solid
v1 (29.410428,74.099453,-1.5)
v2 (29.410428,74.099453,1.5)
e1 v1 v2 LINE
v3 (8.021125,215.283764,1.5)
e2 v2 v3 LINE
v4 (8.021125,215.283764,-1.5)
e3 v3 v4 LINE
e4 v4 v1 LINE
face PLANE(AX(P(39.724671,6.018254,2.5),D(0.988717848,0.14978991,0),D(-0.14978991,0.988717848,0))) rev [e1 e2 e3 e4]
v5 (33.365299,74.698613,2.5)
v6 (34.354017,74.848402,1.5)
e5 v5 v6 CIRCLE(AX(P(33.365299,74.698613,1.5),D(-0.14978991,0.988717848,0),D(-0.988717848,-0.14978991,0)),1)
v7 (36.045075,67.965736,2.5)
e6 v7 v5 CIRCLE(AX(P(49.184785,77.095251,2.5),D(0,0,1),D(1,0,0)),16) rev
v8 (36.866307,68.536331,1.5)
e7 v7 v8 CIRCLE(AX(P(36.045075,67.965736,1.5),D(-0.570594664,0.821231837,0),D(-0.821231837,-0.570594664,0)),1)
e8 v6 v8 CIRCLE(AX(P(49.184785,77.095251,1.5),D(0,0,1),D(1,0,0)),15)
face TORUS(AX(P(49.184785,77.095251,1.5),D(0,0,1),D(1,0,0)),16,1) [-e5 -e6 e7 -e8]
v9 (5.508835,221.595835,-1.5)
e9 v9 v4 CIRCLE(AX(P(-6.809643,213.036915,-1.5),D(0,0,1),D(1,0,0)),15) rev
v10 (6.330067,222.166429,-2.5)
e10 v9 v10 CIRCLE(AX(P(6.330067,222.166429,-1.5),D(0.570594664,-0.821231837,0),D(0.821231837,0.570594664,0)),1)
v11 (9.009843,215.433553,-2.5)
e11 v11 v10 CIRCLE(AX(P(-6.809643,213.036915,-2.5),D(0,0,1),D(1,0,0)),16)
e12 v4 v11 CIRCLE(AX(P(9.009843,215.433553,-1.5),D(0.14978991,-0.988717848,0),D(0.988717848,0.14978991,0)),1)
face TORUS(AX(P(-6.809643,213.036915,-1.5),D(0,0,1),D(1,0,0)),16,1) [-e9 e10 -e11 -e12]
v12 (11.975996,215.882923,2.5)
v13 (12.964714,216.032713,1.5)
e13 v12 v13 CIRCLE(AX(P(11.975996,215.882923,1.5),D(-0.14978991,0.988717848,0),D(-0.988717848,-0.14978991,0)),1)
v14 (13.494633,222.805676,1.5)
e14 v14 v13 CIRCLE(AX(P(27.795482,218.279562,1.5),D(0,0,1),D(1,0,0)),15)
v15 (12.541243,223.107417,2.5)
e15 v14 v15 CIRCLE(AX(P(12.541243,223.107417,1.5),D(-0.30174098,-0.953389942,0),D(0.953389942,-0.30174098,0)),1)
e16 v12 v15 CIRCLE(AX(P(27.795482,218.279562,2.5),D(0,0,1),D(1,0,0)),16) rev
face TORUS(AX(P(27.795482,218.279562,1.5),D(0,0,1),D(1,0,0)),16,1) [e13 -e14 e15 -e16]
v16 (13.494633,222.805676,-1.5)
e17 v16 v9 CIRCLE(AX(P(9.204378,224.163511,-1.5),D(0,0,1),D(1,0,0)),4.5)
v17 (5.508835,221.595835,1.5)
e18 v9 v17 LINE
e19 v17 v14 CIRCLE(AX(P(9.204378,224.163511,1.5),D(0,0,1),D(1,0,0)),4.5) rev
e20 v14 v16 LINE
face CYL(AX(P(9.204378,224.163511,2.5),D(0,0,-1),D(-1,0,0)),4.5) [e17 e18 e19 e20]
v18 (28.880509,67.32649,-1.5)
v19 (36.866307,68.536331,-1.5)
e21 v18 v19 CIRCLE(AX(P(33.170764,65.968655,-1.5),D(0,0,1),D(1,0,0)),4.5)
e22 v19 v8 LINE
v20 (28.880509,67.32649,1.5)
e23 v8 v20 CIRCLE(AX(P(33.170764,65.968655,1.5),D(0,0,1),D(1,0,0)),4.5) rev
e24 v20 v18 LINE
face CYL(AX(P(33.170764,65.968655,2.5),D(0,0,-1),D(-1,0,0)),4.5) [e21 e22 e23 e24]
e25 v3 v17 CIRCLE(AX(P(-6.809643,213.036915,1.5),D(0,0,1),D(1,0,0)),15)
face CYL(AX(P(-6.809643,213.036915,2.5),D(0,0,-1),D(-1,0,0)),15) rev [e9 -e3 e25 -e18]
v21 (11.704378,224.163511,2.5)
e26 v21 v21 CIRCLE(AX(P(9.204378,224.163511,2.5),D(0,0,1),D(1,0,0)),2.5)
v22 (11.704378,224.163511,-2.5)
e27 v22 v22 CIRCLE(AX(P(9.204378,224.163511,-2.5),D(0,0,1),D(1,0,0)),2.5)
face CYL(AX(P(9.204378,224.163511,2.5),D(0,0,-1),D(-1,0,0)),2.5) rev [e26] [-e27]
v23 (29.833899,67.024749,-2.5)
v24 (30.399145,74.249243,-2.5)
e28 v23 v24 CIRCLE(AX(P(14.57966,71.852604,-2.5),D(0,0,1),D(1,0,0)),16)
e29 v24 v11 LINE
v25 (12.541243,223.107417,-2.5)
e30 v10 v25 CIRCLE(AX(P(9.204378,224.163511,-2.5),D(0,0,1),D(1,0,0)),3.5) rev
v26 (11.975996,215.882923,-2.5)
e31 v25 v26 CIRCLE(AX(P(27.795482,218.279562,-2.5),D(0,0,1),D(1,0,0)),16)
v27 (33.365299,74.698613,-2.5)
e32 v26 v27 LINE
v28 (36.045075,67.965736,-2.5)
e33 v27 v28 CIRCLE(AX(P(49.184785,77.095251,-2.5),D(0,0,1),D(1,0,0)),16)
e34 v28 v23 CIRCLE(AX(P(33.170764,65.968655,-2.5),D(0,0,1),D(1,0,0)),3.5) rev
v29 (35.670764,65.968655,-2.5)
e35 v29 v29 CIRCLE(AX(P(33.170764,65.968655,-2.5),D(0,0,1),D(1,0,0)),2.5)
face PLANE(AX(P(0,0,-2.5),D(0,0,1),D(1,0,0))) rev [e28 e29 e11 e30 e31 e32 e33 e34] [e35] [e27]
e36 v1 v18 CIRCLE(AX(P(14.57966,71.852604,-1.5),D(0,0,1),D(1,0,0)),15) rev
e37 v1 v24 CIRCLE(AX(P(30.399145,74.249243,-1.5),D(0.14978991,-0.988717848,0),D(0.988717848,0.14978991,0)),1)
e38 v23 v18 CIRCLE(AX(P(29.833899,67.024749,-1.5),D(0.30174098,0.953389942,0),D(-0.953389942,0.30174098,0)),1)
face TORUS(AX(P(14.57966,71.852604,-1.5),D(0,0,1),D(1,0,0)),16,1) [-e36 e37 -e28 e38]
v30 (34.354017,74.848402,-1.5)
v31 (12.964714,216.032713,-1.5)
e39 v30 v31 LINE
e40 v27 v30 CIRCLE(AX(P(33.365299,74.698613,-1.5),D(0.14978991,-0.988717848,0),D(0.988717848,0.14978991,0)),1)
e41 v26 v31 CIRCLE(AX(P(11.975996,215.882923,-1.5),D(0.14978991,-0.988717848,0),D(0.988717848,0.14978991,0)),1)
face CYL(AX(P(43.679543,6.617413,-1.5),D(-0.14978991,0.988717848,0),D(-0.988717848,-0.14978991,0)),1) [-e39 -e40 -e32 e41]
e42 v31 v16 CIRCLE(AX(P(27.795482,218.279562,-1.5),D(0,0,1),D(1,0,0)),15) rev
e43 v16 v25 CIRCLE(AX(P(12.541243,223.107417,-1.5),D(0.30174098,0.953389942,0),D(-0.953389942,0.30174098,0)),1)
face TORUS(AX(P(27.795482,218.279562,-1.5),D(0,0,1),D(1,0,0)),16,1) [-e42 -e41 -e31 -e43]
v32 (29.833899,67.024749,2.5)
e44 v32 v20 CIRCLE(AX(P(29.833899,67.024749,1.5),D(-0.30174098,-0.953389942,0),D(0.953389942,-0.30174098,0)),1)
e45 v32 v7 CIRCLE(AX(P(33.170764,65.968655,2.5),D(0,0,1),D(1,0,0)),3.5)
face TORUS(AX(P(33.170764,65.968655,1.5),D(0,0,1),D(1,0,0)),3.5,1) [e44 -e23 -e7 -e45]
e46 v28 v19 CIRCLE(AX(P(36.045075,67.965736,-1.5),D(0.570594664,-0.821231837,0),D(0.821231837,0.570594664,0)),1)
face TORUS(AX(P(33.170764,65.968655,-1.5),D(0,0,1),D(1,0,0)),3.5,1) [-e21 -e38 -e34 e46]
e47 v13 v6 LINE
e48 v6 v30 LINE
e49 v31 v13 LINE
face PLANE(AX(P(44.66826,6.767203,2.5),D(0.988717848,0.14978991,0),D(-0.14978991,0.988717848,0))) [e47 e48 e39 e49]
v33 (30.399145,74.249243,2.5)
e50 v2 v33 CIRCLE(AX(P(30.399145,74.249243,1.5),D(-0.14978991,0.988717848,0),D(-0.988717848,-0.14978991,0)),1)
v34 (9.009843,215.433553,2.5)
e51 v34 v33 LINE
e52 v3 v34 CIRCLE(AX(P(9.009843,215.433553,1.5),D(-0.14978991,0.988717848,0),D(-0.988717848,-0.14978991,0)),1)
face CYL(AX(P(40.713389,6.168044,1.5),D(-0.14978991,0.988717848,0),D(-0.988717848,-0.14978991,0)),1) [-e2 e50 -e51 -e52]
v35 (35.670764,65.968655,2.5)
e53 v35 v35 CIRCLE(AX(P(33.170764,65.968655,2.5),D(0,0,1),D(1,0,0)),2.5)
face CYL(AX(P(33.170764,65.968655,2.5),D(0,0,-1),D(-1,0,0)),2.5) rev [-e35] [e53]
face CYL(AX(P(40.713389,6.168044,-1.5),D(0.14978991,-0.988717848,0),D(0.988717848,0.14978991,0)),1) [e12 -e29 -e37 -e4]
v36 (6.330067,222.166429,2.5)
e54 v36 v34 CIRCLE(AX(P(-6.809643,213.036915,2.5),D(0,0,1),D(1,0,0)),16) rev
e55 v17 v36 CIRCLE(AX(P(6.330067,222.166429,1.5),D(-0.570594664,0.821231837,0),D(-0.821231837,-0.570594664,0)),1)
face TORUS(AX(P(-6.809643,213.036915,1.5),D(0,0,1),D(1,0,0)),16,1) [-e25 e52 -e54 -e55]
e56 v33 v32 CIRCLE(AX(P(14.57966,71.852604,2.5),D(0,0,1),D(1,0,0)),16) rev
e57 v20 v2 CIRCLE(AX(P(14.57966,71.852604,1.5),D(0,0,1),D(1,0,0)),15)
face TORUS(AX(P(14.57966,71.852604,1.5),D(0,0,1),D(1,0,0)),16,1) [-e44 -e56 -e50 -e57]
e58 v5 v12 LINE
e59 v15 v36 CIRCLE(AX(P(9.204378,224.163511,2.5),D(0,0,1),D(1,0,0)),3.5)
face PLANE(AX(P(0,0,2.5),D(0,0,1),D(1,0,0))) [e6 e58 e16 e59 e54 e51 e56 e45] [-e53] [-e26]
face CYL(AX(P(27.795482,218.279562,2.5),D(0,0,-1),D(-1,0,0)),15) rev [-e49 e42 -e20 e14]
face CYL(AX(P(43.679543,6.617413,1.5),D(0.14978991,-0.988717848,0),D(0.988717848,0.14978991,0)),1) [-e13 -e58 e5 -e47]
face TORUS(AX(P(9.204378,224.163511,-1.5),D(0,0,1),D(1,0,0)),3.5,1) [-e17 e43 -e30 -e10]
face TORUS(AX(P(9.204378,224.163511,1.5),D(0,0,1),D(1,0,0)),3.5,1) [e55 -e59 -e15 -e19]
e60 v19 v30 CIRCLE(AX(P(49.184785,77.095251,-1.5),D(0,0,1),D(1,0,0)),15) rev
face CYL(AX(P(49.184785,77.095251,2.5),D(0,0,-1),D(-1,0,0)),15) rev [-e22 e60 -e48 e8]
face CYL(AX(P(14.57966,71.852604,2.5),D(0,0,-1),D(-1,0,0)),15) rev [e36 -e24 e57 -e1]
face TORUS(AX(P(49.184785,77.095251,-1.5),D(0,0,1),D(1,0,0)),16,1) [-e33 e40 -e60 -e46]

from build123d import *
from build123d.topology import SkipClean

# Parameters (mm, degrees)
BOSS_EXTRUDE2_DEPTH = 2.5
FILLET4_R           = 15
FILLET3_R           = 1


with BuildPart() as part:
    # Sketch3 → Boss-Extrude2 (new, symmetric)
    with SkipClean():  # the faces are left unmerged after this step: merging them gives an invalid solid
        with BuildSketch(Plane.XY):
            with BuildLine():
                ThreePointArc((30.698969170125505, 65.59418036163315), (31.158147399926214, 67.45168422123758), (32.79628901519803, 68.44044975637873))
                Line((32.79628901519794, 68.44044975637871), (9.57885297533118, 221.6917161907371))
                ThreePointArc((9.578852975331099, 221.69171619073705), (7.7213491157267296, 222.15089442053778), (6.732583580585612, 223.78903603580954))
                Line((6.732583580585612, 223.78903603580954), (7.293046103556714, 220.08959259654122))
                Line((7.293046103556714, 220.08959259654122), (30.138506647154426, 69.29362380090143))
                Line((30.138506647154426, 69.29362380090143), (30.698969170125523, 65.59418036163316))
            make_face()
            with BuildLine():
                Line((9.57885297533118, 221.6917161907371), (32.79628901519794, 68.44044975637871))
                ThreePointArc((32.79628901519803, 68.44044975637873), (34.65379287480238, 67.981271526578), (35.642558409943504, 66.34312991130628))
                Line((35.64255840994353, 66.34312991130628), (35.08209588697243, 70.04257335057454))
                Line((35.08209588697243, 70.04257335057454), (12.236635343374711, 220.8385421462144))
                Line((12.236635343374711, 220.8385421462144), (11.676172820403618, 224.53798558548266))
                ThreePointArc((11.67617282040362, 224.53798558548266), (11.697316883031004, 224.35127855311998), (11.704378200494617, 224.16351081064607))
                ThreePointArc((11.704378200494617, 224.16351081064607), (11.099923891989707, 222.5335088071337), (9.578852975331099, 221.69171619073705))
            make_face()
            with BuildLine():
                Line((35.08209588697243, 70.04257335057454), (35.64255840994353, 66.34312991130628))
                ThreePointArc((35.64255840994353, 66.34312991130628), (35.66370247257092, 66.1564228789436), (35.67076379003453, 65.9686551364697))
                ThreePointArc((35.67076379003453, 65.9686551364697), (33.35853153250842, 63.47571645393335), (30.698969170125526, 65.59418036163315))
                Line((30.698969170125523, 65.59418036163316), (30.138506647154426, 69.29362380090143))
                ThreePointArc((30.138506647154404, 69.29362380090143), (33.84481838474032, 61.51942482063349), (35.082095886972446, 70.04257335057454))
            make_face()
            with BuildLine():
                Line((7.293046103556714, 220.08959259654122), (6.732583580585612, 223.78903603580954))
                ThreePointArc((6.732583580585617, 223.78903603580954), (8.82990342565806, 226.6353054305551), (11.676172820403616, 224.53798558548266))
                Line((11.676172820403618, 224.53798558548266), (12.236635343374711, 220.8385421462144))
                ThreePointArc((12.23663534337469, 220.8385421462144), (8.530323605788727, 228.61274112648235), (7.293046103556694, 220.08959259654122))
            make_face()
        extrude(amount=BOSS_EXTRUDE2_DEPTH, both=True)

    # Fillet4
    fillet4_edges = [part.edges().sort_by_distance(p)[0] for p in [
        (35.08209588697243, 70.04257335057454, -1.25),
        (30.138506647154415, 69.29362380090143, 0),
        (7.293046103556704, 220.08959259654122, 0),
        (12.236635343374711, 220.8385421462144, -1.25),
    ]]
    fillet(fillet4_edges, radius=FILLET4_R)

    # Fillet3
    fillet3_edges = [part.edges().sort_by_distance(p)[0] for p in [
        (33.84481838474031, 61.51942482063349, -2.5),
        (33.84481838474031, 61.51942482063349, 2.5),
        (18.71577637535555, 144.69160819872144, -2.5),
        (18.715776375355546, 144.69160819872144, 2.5),
        (23.659365615173567, 145.4405577483945, -2.5),
        (23.659365615173567, 145.4405577483945, 2.5),
        (8.530323605788741, 228.61274112648235, -2.5),
        (8.530323605788741, 228.61274112648235, 2.5),
        (29.53395807325908, 70.68257566844231, -2.5),
        (29.53395807325908, 70.68257566844231, 2.5),
        (35.24810850264601, 71.54826458053549, -2.5),
        (35.24810850264601, 71.54826458053549, 2.5),
        (12.841183917270046, 219.44959027867358, -2.5),
        (12.841183917270046, 219.44959027867358, 2.5),
        (7.127033487882997, 218.58390136658036, -2.5),
        (7.127033487882997, 218.58390136658036, 2.5),
    ]]
    fillet(fillet3_edges, radius=FILLET3_R)


solid = part.part
